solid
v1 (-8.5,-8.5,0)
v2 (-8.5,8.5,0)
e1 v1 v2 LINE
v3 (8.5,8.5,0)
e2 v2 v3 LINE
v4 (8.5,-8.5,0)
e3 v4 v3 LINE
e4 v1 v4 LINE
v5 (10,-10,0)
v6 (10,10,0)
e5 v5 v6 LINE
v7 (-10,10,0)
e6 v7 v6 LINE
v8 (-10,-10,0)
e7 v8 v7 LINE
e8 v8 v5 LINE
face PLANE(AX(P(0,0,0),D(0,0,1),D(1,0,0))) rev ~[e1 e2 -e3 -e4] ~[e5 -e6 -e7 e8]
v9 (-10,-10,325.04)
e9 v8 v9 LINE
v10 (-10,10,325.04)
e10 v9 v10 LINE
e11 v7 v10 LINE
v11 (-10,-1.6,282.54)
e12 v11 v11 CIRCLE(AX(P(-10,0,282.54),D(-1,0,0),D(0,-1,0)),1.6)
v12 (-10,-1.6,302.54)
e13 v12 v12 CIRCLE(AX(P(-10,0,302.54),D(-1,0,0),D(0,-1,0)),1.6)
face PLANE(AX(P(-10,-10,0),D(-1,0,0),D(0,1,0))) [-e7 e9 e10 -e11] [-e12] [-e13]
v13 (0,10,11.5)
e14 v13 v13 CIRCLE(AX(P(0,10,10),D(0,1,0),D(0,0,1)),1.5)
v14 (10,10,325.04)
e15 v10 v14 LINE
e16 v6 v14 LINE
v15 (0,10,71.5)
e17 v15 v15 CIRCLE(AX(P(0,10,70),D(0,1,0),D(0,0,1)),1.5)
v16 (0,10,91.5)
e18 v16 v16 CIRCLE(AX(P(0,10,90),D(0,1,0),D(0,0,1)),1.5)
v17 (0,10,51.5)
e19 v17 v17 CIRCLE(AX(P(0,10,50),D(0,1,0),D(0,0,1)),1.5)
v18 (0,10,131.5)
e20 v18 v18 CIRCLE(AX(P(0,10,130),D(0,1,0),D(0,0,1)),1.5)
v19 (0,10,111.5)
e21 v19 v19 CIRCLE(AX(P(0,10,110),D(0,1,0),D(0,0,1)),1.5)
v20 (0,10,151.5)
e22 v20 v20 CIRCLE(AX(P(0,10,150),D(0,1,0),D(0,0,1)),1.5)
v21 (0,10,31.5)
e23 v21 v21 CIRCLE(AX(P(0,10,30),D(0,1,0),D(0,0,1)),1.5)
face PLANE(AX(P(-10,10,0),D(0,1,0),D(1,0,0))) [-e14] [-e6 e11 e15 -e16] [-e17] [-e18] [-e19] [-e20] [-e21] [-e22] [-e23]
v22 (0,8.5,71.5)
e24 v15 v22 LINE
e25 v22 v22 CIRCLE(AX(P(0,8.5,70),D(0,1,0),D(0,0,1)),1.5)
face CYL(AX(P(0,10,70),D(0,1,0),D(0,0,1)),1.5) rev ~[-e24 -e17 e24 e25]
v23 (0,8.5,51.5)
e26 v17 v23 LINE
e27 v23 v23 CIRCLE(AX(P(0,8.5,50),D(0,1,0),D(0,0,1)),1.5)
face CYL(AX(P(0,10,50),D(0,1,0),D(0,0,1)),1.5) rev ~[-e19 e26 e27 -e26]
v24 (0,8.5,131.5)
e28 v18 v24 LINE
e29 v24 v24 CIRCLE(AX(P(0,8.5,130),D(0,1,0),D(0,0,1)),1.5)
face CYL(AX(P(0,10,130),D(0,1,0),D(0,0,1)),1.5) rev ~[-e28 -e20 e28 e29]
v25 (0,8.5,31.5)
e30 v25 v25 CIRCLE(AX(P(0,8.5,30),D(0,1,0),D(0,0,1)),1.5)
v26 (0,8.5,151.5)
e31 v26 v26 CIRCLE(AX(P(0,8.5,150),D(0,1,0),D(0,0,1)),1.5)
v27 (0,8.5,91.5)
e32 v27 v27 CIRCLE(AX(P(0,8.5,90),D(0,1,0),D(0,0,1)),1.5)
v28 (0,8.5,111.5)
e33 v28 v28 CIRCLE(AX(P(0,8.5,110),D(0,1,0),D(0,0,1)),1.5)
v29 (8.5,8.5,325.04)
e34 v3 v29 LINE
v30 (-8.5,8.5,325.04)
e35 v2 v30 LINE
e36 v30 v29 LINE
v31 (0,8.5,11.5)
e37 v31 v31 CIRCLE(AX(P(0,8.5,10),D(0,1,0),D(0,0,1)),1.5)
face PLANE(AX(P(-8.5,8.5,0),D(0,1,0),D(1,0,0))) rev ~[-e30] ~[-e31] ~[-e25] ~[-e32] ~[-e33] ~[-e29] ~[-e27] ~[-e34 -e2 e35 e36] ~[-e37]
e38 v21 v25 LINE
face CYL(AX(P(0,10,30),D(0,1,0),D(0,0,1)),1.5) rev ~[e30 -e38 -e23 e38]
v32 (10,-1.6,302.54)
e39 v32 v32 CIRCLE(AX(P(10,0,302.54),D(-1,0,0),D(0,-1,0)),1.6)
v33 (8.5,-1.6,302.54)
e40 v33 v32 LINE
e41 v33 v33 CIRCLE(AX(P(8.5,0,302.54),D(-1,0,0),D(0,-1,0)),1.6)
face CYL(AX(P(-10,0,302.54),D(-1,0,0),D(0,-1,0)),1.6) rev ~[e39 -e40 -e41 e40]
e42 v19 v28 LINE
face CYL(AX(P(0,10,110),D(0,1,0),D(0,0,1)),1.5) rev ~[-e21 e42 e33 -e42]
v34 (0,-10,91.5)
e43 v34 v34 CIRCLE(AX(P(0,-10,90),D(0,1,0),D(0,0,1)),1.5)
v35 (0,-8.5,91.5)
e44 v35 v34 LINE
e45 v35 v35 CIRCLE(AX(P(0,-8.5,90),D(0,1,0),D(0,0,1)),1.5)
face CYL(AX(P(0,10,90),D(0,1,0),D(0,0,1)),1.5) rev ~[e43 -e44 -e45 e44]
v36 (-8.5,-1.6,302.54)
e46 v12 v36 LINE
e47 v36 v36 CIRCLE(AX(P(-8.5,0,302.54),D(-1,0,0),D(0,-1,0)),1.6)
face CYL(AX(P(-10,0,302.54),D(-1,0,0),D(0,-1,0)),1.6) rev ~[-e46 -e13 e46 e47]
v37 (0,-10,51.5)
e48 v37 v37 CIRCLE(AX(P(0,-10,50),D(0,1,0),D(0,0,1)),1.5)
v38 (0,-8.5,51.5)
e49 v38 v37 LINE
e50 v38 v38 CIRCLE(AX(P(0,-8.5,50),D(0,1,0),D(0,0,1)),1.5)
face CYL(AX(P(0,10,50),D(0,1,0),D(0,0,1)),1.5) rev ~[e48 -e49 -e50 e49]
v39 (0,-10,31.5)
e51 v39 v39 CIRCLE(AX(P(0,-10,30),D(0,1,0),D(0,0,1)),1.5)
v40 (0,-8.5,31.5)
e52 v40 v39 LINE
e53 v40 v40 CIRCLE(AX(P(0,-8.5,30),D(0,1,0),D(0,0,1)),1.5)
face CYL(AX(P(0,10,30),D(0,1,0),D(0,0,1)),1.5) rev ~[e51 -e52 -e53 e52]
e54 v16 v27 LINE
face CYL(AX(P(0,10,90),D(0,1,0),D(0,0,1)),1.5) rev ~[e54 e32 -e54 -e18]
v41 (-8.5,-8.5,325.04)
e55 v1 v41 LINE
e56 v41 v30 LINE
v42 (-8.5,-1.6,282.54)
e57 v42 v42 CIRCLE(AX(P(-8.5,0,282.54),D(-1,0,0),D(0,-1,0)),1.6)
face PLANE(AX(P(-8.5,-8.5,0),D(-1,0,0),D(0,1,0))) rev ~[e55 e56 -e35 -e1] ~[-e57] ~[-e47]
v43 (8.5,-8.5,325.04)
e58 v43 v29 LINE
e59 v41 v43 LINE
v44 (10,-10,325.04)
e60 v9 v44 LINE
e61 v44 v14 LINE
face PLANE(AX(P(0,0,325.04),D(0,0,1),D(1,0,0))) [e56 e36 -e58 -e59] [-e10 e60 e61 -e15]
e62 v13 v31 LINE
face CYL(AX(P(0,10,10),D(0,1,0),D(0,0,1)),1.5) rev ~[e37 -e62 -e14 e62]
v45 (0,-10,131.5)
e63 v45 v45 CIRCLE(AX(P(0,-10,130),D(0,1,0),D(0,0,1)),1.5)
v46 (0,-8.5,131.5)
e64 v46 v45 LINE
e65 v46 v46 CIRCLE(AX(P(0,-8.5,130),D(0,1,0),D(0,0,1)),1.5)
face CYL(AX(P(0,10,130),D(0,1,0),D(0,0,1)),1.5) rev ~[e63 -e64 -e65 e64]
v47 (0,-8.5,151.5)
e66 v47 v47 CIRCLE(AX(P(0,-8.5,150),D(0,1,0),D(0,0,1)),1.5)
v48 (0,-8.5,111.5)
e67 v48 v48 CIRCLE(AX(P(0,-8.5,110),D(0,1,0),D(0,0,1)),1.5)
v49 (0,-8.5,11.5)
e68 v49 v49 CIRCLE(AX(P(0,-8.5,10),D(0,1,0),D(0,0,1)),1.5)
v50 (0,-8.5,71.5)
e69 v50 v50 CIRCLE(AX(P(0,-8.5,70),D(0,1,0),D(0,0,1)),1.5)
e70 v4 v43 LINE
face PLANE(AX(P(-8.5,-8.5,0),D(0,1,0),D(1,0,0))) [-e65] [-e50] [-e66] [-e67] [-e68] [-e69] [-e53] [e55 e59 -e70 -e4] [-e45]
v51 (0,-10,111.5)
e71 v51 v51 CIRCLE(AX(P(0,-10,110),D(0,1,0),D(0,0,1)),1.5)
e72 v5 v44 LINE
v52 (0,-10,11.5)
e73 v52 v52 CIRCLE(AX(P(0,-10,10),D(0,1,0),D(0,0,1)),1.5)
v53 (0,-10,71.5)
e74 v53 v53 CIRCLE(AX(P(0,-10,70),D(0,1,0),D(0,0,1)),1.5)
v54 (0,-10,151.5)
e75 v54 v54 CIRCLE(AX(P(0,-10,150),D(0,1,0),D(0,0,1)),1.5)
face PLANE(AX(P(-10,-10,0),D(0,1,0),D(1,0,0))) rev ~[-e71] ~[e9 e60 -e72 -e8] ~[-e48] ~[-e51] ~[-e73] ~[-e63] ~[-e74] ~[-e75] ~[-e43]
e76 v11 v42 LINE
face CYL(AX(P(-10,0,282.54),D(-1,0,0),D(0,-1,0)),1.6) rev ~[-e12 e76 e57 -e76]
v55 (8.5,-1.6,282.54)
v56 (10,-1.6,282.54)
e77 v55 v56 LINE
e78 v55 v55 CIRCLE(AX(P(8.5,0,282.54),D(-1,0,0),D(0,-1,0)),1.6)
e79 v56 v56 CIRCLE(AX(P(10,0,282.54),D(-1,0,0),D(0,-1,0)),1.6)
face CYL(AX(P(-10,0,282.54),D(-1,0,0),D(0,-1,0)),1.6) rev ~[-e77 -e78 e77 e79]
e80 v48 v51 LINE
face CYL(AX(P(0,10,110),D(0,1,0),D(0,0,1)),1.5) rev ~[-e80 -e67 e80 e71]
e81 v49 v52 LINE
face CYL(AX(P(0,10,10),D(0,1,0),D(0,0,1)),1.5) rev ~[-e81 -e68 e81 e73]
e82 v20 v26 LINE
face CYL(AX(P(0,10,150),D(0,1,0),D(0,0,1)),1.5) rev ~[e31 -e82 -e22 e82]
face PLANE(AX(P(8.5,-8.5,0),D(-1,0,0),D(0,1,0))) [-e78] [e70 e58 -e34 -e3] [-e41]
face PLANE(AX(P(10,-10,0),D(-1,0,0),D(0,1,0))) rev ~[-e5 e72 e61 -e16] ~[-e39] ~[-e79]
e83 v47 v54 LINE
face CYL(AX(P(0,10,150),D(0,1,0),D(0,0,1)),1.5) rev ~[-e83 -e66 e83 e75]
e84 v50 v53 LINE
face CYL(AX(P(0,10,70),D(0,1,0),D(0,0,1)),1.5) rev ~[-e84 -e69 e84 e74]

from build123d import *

# Parameters (mm, degrees)
SKETCH_1_W          = 20
SKETCH_1_H          = 20
SKETCH_1_W_2        = 17
SKETCH_1_H_2        = 17
EXTRUDE_1_DEPTH     = 325.04
SKETCH_4_R          = 1.6
CUT_EXTRUDE_3_DEPTH = 326.808228257
SKETCH_6_R          = 1.5
CUT_EXTRUDE_5_DEPTH = 326.808228257


with BuildPart() as part:
    # 草图1 → 凸台-拉伸1 (new body)
    with BuildSketch(Plane.XY):
        Rectangle(SKETCH_1_W, SKETCH_1_H)
        Rectangle(SKETCH_1_W_2, SKETCH_1_H_2, mode=Mode.SUBTRACT)
    extrude(amount=EXTRUDE_1_DEPTH)

    # 草图4 → 切除-拉伸3 (cut, through all)
    with BuildSketch(Plane.ZY.offset(10)):
        with Locations(Location((282.54, 0, 0), (0, 0, 270))):
            Circle(SKETCH_4_R)
        with Locations(Location((302.54, 0, 0), (0, 0, 270))):
            Circle(SKETCH_4_R)
    extrude(amount=-CUT_EXTRUDE_3_DEPTH, mode=Mode.SUBTRACT)

    # 草图6 → 切除-拉伸5 (cut, through all)
    with BuildSketch(Plane(origin=(0, 10, 0), x_dir=(1, 0, 0), z_dir=(0, 1, 0))):
        with Locations(Location((0, -10, 0), (0, 0, 270))):
            Circle(SKETCH_6_R)
        with Locations(Location((0, -30, 0), (0, 0, 270))):
            Circle(SKETCH_6_R)
        with Locations(Location((0, -50, 0), (0, 0, 270))):
            Circle(SKETCH_6_R)
        with Locations(Location((0, -70, 0), (0, 0, 270))):
            Circle(SKETCH_6_R)
        with Locations(Location((0, -90, 0), (0, 0, 270))):
            Circle(SKETCH_6_R)
        with Locations(Location((0, -110, 0), (0, 0, 270))):
            Circle(SKETCH_6_R)
        with Locations(Location((0, -130, 0), (0, 0, 270))):
            Circle(SKETCH_6_R)
        with Locations(Location((0, -150, 0), (0, 0, 270))):
            Circle(SKETCH_6_R)
    extrude(amount=-CUT_EXTRUDE_5_DEPTH, mode=Mode.SUBTRACT)


solid = part.part
